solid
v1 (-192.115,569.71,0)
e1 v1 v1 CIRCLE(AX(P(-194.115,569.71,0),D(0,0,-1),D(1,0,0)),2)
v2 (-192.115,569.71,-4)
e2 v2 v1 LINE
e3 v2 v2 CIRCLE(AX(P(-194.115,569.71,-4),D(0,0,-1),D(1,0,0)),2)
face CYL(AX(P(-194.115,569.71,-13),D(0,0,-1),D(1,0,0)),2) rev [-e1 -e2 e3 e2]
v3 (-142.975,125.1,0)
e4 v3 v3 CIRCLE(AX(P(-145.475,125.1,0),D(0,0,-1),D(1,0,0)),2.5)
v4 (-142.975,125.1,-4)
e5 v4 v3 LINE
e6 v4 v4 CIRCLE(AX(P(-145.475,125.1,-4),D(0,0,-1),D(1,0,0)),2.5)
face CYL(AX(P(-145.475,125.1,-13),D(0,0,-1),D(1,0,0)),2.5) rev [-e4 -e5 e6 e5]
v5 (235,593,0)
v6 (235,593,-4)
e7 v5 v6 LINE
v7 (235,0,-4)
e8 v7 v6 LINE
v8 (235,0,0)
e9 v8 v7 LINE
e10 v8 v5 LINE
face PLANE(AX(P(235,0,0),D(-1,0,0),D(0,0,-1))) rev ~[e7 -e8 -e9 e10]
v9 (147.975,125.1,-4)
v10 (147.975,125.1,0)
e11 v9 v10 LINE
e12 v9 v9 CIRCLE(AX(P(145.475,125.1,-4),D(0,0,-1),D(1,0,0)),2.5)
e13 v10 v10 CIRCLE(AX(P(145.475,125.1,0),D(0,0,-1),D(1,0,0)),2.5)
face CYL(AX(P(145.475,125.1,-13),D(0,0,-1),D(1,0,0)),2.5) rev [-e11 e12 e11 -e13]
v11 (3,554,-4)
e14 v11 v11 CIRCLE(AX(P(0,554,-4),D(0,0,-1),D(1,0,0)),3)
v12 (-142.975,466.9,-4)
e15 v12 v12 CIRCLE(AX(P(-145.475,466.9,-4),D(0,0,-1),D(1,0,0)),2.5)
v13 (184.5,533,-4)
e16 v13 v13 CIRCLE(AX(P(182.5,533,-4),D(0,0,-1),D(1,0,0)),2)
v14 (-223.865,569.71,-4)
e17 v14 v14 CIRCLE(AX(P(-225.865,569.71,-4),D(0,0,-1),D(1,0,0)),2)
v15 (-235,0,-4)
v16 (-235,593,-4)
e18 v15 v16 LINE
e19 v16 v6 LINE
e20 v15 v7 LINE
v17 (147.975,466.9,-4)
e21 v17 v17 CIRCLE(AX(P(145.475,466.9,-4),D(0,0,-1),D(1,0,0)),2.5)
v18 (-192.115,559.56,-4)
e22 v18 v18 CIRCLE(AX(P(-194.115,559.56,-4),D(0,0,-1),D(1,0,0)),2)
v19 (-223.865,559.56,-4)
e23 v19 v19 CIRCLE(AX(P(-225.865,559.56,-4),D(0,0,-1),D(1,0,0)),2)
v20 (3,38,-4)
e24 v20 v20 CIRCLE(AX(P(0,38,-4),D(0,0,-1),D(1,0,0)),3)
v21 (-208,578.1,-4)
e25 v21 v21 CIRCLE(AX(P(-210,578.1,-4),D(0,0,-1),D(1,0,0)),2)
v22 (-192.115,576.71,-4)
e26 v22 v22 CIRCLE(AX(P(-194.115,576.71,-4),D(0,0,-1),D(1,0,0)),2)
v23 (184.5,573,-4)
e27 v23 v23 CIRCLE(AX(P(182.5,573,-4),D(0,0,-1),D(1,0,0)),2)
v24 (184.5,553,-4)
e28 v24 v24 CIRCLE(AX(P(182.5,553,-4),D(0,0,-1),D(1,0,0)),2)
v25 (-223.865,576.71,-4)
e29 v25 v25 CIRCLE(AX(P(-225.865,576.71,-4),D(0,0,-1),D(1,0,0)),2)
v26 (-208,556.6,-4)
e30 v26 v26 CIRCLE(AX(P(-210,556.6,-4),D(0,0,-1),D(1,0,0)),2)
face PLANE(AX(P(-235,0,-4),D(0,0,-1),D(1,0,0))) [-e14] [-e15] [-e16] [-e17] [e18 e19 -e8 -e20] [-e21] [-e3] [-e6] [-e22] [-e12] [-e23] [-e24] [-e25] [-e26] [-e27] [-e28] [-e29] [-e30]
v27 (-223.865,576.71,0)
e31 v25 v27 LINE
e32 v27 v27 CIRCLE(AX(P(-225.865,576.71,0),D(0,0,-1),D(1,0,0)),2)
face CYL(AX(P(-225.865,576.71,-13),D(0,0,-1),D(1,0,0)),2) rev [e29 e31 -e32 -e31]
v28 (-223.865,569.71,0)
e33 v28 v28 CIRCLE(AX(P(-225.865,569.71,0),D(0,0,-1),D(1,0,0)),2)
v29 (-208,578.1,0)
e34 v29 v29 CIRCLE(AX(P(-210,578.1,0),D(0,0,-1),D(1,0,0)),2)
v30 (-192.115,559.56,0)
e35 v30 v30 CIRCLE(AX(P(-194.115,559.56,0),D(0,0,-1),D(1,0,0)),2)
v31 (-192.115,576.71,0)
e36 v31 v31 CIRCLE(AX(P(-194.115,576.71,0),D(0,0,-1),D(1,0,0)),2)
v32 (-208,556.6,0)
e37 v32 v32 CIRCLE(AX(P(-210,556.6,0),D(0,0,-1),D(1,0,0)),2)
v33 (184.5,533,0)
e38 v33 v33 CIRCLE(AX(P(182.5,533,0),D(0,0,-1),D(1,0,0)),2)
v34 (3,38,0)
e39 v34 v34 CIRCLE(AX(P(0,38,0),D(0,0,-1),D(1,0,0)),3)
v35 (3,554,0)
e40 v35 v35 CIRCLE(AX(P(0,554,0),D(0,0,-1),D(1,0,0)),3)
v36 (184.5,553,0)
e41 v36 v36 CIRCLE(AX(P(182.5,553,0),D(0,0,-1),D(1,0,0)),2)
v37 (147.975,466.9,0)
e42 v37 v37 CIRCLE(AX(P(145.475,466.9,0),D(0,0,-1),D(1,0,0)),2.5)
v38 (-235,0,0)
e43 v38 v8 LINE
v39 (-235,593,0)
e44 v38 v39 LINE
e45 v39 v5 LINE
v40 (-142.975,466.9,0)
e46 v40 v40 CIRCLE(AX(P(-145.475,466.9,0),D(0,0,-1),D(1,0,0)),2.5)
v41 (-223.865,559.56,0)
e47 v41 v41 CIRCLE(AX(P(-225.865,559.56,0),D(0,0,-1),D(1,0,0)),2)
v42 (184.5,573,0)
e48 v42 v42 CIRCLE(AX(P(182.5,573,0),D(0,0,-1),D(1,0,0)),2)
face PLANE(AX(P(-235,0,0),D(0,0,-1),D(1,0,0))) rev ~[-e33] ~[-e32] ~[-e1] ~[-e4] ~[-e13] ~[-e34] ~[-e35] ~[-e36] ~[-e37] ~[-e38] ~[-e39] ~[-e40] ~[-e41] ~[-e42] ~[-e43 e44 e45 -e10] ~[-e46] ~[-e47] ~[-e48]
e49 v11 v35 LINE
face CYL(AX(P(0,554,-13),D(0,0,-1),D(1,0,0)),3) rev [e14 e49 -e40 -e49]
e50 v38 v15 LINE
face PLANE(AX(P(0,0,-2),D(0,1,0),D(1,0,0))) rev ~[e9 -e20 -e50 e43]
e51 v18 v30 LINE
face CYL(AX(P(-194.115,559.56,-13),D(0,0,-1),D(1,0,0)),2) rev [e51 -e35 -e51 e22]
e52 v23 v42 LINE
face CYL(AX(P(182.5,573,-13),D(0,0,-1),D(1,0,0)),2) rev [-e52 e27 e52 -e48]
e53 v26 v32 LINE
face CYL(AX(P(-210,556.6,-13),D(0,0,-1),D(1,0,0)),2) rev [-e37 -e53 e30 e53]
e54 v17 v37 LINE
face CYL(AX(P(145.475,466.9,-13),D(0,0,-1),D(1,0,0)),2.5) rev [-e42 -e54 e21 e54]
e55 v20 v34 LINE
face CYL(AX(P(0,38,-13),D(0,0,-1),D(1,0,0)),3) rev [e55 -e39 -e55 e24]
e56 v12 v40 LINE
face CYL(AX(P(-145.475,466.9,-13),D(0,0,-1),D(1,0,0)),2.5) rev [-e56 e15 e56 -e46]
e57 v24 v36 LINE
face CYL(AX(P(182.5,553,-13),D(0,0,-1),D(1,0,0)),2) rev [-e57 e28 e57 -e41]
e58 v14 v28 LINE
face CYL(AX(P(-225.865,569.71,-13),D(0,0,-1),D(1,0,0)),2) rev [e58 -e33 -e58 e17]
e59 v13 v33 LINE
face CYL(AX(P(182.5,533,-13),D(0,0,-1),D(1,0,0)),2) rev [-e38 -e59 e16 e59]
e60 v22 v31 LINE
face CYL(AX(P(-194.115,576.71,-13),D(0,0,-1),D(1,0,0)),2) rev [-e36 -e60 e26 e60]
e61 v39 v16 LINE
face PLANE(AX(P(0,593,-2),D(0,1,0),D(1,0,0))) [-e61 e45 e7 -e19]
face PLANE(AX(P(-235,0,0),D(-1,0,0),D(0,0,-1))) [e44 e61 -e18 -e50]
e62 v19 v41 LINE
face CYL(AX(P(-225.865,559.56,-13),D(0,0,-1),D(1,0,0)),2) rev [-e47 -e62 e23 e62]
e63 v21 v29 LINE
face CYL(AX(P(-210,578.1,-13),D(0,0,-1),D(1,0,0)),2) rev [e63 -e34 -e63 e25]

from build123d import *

# Parameters (mm, degrees)
SKETCH_R            = 2
SKETCH_R_2          = 3
SKETCH_R_3          = 2.5
EXTRUDE_DEPTH       = 20
BOX_W               = 470
BOX_H               = 4
BOX_DEPTH           = 593
CUT_PLACEMENT_ANGLE = 270


with BuildPart() as extrude_body:
    # Sketch → Extrude (new body)
    with BuildSketch(Plane.XZ):
        with Locations((-225.865, 576.71)):
            Circle(SKETCH_R)
        with Locations((-225.865, 569.71)):
            Circle(SKETCH_R)
        with Locations((-225.865, 559.56)):
            Circle(SKETCH_R)
        with Locations((-210, 556.6)):
            Circle(SKETCH_R)
        with Locations((-210, 578.1)):
            Circle(SKETCH_R)
        with Locations((-194.115, 576.71)):
            Circle(SKETCH_R)
        with Locations((-194.115, 569.71)):
            Circle(SKETCH_R)
        with Locations((-194.115, 559.56)):
            Circle(SKETCH_R)
        with Locations((0, 38)):
            Circle(SKETCH_R_2)
        with Locations((0, 554)):
            Circle(SKETCH_R_2)
        with Locations((182.5, 573)):
            Circle(SKETCH_R)
        with Locations((182.5, 553)):
            Circle(SKETCH_R)
        with Locations((182.5, 533)):
            Circle(SKETCH_R)
        with Locations((145.475, 466.9)):
            Circle(SKETCH_R_3)
        with Locations((-145.475, 466.9)):
            Circle(SKETCH_R_3)
        with Locations((-145.475, 125.1)):
            Circle(SKETCH_R_3)
        with Locations((145.475, 125.1)):
            Circle(SKETCH_R_3)
    extrude(amount=EXTRUDE_DEPTH)


with BuildPart() as extrude_body_1:
    # Extrude placement: moved
    add(extrude_body.part.moved(Location((0, 13, 0))))


with BuildPart() as base_holecut:
    # Box → Box (new body)
    with BuildSketch(Plane(origin=(-235, 0, 0), x_dir=(1, 0, 0), z_dir=(0, 0, 1))):
        with Locations((235, 2)):
            Rectangle(BOX_W, BOX_H)
    extrude(amount=BOX_DEPTH)

    # Cut: cut Extrude body
    add(extrude_body_1.part, mode=Mode.SUBTRACT)


with BuildPart() as base_holecut_1:
    # Cut placement: moved
    add(base_holecut.part.rotate(Axis((0, 0, 0), (1, 0, 0)), CUT_PLACEMENT_ANGLE))


solid = base_holecut_1.part
